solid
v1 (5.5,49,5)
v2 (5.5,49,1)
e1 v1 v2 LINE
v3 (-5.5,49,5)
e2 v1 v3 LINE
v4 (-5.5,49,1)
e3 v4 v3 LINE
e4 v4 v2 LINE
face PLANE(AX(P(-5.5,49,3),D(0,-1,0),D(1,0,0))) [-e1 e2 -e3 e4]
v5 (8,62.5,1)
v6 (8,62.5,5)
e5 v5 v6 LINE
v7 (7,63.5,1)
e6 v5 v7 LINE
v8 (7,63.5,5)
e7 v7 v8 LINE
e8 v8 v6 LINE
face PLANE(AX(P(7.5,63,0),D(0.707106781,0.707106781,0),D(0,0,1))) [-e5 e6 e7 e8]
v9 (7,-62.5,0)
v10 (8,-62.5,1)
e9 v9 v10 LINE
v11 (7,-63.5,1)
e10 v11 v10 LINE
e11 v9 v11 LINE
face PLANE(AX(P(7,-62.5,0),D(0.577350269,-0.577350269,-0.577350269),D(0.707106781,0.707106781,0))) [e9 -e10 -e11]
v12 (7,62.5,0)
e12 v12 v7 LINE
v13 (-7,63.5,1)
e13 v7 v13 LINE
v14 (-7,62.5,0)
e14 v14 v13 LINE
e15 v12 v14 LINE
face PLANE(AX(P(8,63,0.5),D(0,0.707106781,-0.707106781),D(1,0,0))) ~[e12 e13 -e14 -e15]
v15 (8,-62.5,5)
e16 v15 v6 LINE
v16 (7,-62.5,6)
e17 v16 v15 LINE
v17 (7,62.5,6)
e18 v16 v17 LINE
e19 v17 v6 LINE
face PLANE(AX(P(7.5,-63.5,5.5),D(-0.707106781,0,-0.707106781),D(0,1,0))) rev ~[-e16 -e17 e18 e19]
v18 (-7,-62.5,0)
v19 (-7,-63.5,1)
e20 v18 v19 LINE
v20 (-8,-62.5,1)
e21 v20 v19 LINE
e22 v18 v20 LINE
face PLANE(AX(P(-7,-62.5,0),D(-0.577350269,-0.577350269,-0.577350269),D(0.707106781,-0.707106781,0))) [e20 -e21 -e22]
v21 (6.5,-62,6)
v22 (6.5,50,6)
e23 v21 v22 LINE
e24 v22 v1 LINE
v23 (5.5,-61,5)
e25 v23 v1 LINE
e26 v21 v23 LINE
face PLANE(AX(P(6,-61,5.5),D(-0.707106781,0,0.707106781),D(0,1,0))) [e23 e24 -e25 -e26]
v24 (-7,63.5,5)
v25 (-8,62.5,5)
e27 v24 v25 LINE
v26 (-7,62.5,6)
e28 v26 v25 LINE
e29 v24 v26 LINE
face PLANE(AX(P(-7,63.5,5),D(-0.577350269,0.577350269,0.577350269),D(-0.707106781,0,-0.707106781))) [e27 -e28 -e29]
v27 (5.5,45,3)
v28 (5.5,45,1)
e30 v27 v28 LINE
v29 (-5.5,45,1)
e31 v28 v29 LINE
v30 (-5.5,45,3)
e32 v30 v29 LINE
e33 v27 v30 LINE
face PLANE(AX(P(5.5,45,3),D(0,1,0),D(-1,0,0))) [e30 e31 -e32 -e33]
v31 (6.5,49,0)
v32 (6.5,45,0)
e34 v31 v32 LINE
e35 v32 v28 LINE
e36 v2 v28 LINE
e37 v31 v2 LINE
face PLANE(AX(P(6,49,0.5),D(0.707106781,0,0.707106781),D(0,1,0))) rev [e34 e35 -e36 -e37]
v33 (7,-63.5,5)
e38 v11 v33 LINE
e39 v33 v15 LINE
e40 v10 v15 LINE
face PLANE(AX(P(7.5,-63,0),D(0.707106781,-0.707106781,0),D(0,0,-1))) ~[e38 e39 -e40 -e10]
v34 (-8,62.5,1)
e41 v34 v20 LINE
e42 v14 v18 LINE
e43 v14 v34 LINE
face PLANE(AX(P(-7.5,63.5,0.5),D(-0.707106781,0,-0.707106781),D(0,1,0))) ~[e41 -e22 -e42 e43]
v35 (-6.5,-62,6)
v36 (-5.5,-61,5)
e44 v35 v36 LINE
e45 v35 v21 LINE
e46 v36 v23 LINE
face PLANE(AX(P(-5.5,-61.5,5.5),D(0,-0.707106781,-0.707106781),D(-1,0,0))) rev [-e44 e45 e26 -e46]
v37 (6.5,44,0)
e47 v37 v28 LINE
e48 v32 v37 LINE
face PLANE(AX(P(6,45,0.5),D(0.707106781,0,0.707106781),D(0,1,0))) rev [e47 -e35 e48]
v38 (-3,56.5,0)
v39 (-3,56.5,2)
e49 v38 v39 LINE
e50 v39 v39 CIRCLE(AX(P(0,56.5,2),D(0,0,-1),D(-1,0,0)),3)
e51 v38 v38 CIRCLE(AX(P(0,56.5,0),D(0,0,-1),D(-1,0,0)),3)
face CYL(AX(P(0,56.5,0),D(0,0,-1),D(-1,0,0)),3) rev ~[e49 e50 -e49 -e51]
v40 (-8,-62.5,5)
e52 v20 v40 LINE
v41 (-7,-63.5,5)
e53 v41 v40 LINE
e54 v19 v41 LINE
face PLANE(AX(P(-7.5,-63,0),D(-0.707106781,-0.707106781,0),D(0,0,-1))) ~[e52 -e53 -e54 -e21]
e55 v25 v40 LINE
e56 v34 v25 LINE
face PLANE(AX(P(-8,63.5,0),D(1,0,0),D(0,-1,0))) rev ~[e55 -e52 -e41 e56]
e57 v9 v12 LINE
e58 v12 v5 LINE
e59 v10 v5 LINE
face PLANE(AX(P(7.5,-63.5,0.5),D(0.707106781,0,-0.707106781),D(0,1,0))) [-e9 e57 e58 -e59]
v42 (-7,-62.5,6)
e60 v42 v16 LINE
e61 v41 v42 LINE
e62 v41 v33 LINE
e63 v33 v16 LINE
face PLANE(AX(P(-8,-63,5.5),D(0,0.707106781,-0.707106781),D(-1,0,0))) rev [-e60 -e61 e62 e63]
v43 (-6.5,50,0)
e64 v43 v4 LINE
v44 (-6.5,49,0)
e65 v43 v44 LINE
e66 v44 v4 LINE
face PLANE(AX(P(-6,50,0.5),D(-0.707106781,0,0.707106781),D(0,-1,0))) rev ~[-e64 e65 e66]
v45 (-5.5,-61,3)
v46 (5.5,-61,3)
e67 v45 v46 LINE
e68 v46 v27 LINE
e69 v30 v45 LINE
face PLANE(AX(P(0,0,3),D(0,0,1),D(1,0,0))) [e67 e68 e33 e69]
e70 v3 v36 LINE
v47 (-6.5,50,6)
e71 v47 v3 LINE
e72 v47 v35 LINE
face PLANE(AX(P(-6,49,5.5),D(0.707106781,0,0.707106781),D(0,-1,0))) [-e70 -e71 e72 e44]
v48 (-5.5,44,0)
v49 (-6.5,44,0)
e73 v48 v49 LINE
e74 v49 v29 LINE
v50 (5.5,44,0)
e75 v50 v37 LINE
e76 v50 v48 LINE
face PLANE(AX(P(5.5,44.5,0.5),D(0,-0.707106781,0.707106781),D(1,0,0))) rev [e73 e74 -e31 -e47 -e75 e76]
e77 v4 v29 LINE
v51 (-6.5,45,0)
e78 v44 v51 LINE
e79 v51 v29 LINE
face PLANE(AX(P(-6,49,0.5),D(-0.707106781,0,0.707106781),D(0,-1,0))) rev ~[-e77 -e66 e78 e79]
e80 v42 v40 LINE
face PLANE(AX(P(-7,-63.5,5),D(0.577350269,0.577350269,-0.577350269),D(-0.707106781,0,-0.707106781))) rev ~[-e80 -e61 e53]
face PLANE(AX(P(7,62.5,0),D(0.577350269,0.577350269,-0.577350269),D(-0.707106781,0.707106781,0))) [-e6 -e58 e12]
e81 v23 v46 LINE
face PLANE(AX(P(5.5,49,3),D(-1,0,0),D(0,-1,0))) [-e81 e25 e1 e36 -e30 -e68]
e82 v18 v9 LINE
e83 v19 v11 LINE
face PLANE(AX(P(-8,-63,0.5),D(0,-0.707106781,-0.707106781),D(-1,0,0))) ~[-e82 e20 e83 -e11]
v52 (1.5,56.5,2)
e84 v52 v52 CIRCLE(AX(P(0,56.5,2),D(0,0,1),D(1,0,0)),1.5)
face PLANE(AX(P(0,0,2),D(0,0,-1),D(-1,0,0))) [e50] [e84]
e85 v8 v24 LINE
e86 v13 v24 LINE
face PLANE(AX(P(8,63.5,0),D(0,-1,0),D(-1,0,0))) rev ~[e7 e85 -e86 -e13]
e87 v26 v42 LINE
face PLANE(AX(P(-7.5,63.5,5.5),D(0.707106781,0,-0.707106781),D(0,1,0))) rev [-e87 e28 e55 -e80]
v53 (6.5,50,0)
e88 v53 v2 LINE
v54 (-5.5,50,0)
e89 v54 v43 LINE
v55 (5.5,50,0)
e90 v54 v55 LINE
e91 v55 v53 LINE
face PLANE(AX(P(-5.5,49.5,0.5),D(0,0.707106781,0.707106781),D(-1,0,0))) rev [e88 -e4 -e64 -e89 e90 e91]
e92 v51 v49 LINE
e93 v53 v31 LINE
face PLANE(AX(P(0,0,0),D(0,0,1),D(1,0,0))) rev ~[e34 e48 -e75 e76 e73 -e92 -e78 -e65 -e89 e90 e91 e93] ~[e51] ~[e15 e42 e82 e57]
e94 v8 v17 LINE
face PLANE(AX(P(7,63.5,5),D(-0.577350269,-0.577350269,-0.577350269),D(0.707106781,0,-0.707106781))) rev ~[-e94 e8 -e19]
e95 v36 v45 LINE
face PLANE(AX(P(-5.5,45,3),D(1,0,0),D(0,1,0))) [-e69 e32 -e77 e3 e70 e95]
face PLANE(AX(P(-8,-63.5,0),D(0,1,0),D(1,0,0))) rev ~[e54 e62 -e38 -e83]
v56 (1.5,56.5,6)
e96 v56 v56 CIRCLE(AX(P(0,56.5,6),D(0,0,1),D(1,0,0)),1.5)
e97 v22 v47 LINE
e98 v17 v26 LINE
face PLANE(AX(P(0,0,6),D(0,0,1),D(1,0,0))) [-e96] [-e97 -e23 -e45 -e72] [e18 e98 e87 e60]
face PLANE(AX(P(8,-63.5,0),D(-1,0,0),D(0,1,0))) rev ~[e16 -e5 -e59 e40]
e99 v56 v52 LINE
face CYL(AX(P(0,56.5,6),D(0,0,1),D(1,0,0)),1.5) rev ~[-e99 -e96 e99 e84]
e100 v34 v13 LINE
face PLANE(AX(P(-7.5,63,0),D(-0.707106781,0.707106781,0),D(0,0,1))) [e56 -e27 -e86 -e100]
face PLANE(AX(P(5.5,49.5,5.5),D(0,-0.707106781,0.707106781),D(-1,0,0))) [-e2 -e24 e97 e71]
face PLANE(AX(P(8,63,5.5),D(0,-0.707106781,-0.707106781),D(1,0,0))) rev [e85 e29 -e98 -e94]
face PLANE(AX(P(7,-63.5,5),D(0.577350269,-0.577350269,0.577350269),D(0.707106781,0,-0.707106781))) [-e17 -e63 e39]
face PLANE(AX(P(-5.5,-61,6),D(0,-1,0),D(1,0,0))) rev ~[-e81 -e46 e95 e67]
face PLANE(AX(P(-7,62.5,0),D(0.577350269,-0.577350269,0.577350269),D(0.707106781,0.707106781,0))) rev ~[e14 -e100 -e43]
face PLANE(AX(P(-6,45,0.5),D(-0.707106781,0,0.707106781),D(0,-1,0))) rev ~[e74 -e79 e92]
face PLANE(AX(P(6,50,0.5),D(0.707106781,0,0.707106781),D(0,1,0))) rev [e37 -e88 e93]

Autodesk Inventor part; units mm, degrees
ref_plane "YZ 平面" through (0, 0, 0) normal (1, 0, 0) x (0, 1, 0)
ref_plane "XZ 平面" through (0, 0, 0) normal (0, 1, 0) x (-1, 0, 0)
ref_plane "XY 平面" through (0, 0, 0) normal (0, 0, 1) x (1, 0, 0)
sketch "草圖1" plane through (0, 0, 0) normal (0, 0, 1) x (1, 0, 0)
  line L0 (-8, -63.5) -> (8, -63.5)
  line L1 (8, -63.5) -> (8, 63.5)
  line L2 (8, 63.5) -> (-8, 63.5)
  line L3 (-8, 63.5) -> (-8, -63.5)
  line L4 (-8, -63.5) -> (8, 63.5) construction
  line L5 (8, -63.5) -> (-8, 63.5) construction
  point P0 (0, 0)
  dimension "d0" = 16
  dimension "d1" = 127
extrude "擠出1" add sketch "草圖1" along normal blind 6
sketch "草圖2" plane through (0, 0, 6) normal (0, 0, 1) x (1, 0, 0)
  line L0 (-5.5, -61) -> (5.5, -61)
  line L1 (5.5, -61) -> (5.5, 49)
  line L2 (5.5, 49) -> (-5.5, 49)
  line L3 (-5.5, 49) -> (-5.5, -61)
  line L4 (-5.5, -61) -> (5.5, 49) construction
  line L5 (5.5, -61) -> (-5.5, 49) construction
  line L6 (-8, -63.5) -> (8, -63.5) projected
  line L7 (8, -63.5) -> (8, 63.5) projected
  point P0 (0, 0)
  point P1 (0, -6)
  dimension "d4" = 11
  dimension "d5" = 110
  dimension "d6" = 2.5
  dimension "d7" = 2.5
extrude "擠出2" cut sketch "草圖2" against normal blind 3
sketch "草圖3" plane through (0, 0, 3) normal (0, 0, 1) x (1, 0, 0)
  line L0 (-5.5, 49) -> (5.5, 49)
  line L1 (5.5, 49) -> (5.5, 45)
  line L2 (5.5, 45) -> (-5.5, 45)
  line L3 (-5.5, 45) -> (-5.5, 49)
  line L4 (-5.5, 49) -> (5.5, 45) construction
  line L5 (5.5, 49) -> (-5.5, 45) construction
  line L6 (-5.5, 49) -> (5.5, 49) projected
  line L7 (-5.5, -61) -> (-5.5, 49) projected
  point P0 (0, 0)
  point P1 (0, 47)
  dimension "d10" = 11
  dimension "d11" = 4
  dimension "d12" = 0
  dimension "d13" = 0
extrude "擠出3" cut sketch "草圖3" against normal blind 3
sketch "草圖4" plane through (0, 0, 6) normal (0, 0, 1) x (1, 0, 0)
  circle A0 centre (0, 56.5) radius 1.5
  line L0 (8, 63.5) -> (-8, 63.5) projected
  line L1 (-8, 63.5) -> (-8, -63.5) projected
  point P0 (0, 0)
  dimension "d16" = 7
  dimension "d17" = 8
  dimension "d18" = 3
extrude "擠出4" cut sketch "草圖4" against normal blind 6
chamfer "倒角1" distance 1 angle 45 16 edges at (-5.5, -6, 6) (-8, 0, 6) (8, 0, 6) (5.5, -6, 6) (0, 49, 6) (0, -61, 6) (0, -63.5, 6) (0, 63.5, 6) (8, 63.5, 3) (-8, 63.5, 3) (8, -63.5, 3) (-8, -63.5, 3) (-8, 0, 0) (0, -63.5, 0) (8, 0, 0) (0, 63.5, 0)
sketch "草圖5" plane through (0, 0, 0) normal (0, 0, -1) x (-1, 0, 0)
  circle A0 centre (0, 56.5) radius 3
  line L0 (7, 63.5) -> (-7, 63.5) projected
  line L1 (8, -62.5) -> (8, 62.5) projected
  point P0 (0, 0)
  dimension "d24" = 6
  dimension "d25" = 7
  dimension "d26" = 8
extrude "擠出5" cut sketch "草圖5" against normal blind 2
chamfer "倒角2" distance 1 angle 45 2 edges at (0, 45, 0) (0, 49, 0)
chamfer "倒角3" distance 1 angle 45 1 edges at (-5.5, 44.5, 0)
chamfer "倒角4" distance 1 angle 45 1 edges at (5.5, 44.5, 0)
properties part number "風力"
